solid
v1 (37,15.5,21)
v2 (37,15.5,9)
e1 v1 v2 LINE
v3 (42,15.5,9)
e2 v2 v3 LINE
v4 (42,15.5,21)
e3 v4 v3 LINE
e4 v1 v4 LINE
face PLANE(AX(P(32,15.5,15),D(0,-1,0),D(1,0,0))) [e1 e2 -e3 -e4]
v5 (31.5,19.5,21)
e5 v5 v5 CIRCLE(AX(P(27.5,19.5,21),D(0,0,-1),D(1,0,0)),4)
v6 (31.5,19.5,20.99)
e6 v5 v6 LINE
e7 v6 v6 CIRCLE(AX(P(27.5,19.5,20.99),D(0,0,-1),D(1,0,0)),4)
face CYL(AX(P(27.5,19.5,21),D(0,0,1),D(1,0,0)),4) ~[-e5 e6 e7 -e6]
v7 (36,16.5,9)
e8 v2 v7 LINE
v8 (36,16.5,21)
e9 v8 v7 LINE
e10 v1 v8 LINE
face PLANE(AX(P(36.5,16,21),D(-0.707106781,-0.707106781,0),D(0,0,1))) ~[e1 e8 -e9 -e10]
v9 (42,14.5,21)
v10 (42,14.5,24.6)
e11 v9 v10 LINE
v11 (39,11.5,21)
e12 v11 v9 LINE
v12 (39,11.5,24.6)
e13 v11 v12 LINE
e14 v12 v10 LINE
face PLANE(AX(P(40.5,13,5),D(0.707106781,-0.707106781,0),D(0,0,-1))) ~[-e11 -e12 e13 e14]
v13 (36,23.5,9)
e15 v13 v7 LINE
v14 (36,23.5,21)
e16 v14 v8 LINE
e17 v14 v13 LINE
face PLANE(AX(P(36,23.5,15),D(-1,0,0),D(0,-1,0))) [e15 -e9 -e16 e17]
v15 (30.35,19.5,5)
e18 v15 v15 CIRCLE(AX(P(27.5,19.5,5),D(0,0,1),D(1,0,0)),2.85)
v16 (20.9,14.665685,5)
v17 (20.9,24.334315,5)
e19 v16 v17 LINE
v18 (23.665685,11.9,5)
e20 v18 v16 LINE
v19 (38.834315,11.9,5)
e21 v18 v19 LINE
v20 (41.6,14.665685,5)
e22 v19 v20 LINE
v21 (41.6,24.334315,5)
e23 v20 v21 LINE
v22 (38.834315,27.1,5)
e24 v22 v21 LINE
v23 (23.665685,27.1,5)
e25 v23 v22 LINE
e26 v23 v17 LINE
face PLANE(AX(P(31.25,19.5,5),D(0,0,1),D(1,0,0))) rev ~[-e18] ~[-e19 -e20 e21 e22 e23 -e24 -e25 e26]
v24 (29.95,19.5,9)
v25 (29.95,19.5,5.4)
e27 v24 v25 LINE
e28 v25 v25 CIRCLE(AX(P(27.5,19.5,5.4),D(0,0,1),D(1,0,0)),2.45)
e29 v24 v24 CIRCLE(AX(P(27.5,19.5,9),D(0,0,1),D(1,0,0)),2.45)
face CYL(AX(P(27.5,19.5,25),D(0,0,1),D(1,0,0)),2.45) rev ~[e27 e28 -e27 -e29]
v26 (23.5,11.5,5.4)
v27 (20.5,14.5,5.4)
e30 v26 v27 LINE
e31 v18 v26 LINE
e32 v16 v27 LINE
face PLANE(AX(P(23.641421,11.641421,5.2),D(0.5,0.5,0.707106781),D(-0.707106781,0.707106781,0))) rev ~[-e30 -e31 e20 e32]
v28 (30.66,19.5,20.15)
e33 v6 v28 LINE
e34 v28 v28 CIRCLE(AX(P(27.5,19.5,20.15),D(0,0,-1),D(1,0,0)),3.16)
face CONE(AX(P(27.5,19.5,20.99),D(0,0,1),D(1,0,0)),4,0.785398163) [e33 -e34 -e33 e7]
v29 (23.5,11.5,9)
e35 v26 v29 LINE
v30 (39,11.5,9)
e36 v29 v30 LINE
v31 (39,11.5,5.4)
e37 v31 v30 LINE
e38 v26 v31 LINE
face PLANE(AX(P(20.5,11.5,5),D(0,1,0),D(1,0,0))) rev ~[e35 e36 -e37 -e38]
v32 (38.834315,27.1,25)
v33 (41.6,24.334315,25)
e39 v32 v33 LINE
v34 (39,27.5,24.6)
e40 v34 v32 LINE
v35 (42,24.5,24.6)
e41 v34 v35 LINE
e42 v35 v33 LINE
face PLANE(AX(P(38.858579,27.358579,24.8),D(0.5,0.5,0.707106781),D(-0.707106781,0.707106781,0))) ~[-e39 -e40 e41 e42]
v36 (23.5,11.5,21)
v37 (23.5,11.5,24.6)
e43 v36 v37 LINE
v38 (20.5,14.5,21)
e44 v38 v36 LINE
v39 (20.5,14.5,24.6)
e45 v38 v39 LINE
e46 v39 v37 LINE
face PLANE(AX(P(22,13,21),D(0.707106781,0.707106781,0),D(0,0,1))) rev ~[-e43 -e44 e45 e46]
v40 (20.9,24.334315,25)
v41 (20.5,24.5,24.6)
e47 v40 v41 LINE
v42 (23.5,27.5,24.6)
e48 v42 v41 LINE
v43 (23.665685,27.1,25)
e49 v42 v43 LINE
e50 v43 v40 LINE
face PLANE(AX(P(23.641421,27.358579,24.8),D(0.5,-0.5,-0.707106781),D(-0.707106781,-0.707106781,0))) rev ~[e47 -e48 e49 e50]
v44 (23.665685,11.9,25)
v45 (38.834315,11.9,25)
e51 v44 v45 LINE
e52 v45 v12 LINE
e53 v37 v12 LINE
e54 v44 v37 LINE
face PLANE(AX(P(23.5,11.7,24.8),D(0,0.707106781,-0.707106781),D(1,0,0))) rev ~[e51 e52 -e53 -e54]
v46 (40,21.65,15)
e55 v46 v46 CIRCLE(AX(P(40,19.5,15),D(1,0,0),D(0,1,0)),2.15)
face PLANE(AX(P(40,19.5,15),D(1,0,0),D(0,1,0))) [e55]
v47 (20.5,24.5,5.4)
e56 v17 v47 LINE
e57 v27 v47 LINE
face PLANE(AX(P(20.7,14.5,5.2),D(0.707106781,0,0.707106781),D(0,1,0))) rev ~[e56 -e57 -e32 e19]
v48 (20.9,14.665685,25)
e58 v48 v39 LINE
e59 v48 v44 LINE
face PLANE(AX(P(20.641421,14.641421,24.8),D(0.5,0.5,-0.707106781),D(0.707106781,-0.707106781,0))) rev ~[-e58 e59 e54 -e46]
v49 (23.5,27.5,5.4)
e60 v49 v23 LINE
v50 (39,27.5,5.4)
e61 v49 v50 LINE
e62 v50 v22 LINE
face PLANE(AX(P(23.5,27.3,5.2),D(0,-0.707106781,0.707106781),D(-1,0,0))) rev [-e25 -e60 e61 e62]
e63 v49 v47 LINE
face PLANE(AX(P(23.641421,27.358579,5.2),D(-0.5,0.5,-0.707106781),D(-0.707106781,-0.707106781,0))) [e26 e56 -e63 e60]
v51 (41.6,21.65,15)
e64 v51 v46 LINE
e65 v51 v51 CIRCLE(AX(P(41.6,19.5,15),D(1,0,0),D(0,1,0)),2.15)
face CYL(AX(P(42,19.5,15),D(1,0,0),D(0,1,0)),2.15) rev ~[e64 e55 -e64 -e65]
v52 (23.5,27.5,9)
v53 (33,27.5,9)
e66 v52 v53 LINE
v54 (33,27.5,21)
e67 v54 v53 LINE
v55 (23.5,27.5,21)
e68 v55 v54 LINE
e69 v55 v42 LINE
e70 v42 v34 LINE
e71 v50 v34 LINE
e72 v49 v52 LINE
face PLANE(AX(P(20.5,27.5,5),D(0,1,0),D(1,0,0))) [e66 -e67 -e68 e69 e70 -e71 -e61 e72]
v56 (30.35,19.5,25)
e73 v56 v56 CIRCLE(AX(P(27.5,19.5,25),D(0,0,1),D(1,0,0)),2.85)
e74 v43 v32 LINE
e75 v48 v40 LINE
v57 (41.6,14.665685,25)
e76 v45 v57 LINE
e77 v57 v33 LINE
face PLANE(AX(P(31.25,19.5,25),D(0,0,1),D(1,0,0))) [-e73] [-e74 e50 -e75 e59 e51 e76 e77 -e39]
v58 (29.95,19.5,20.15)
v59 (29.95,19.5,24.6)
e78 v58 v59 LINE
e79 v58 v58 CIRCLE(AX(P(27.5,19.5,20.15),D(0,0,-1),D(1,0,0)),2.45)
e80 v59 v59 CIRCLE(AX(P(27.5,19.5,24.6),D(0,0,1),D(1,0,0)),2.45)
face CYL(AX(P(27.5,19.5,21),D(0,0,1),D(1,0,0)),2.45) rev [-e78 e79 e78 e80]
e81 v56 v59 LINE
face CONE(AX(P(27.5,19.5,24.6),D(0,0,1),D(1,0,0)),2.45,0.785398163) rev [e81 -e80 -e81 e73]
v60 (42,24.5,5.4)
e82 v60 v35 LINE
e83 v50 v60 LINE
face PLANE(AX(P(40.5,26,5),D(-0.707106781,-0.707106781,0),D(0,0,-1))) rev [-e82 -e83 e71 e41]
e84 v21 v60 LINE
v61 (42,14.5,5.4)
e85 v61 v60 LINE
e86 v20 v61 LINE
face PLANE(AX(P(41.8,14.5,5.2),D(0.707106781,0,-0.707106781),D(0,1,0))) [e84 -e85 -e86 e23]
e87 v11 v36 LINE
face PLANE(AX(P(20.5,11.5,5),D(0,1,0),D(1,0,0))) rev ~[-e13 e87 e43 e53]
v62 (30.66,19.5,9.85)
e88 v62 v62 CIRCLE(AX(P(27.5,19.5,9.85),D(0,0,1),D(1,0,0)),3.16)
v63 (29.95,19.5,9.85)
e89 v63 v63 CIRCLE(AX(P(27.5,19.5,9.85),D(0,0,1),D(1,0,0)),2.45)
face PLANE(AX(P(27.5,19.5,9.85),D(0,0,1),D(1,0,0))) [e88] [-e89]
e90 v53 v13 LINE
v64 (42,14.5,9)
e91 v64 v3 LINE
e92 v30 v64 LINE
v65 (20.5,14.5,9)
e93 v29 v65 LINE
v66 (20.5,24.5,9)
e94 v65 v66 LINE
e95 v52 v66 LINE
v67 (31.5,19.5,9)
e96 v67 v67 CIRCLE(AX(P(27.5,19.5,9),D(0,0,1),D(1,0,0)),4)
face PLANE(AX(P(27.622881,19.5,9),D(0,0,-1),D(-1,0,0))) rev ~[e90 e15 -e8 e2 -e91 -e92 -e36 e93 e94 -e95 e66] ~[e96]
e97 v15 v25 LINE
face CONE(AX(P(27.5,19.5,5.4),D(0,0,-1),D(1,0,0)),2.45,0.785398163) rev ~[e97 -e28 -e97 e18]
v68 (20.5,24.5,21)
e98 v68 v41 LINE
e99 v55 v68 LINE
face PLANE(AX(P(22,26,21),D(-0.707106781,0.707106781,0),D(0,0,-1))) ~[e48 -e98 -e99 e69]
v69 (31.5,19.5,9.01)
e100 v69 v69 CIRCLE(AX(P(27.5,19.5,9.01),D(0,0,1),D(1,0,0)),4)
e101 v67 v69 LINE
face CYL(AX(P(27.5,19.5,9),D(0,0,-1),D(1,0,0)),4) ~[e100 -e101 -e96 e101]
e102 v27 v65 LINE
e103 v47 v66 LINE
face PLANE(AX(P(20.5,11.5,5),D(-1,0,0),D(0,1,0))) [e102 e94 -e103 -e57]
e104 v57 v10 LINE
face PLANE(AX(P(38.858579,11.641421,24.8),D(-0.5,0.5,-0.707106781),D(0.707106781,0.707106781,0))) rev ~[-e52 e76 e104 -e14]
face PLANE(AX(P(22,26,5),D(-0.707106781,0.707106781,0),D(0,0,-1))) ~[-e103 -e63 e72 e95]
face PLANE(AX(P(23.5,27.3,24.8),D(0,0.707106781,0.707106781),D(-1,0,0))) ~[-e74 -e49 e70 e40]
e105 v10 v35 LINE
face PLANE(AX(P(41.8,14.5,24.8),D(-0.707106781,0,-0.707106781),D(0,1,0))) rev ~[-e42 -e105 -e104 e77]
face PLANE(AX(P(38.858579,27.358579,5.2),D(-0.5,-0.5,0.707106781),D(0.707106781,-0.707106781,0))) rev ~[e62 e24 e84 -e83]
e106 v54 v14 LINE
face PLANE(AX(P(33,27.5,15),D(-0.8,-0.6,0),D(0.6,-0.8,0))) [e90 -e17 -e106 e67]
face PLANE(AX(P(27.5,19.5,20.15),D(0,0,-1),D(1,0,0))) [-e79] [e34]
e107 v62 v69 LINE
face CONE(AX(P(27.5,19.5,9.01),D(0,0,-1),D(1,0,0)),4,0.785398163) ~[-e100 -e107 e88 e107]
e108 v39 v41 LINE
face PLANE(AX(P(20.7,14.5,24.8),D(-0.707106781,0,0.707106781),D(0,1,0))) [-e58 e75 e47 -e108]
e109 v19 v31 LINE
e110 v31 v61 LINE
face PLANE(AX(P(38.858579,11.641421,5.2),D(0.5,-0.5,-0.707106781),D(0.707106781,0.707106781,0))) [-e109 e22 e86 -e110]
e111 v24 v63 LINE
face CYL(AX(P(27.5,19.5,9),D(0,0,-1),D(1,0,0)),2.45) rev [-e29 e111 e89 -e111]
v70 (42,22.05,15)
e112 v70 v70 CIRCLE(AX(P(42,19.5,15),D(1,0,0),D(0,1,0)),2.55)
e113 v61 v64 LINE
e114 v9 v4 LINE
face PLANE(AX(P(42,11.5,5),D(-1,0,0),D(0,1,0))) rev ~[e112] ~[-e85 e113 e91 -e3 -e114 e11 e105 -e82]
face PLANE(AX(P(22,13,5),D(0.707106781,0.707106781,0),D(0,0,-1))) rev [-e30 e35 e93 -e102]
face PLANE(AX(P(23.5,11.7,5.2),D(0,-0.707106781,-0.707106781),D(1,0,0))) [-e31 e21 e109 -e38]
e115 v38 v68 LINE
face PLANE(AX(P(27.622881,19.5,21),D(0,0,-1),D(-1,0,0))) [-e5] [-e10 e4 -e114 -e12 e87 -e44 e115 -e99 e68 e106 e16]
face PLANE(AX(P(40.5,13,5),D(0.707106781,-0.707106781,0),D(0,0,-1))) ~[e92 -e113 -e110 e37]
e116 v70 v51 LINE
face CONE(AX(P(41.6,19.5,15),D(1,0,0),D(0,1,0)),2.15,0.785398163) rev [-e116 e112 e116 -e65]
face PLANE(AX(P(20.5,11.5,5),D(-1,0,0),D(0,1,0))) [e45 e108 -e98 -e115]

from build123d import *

# Parameters (mm, degrees)
SKETCH001_W     = 21.5
SKETCH001_H     = 16
PAD_DEPTH       = 20
POCKET_DEPTH    = 6
SKETCH003_R     = 2.45
POCKET001_DEPTH = 20.001
SKETCH004_R     = 4
SKETCH004_R_2   = 2.45
PAD001_DEPTH    = 0.85
SKETCH005_R     = 4
SKETCH005_R_2   = 2.45
PAD002_DEPTH    = 0.85
CHAMFER_SIZE    = 0.84
CHAMFER001_SIZE = 3
CHAMFER002_SIZE = 3
CHAMFER003_SIZE = 0.4
SKETCH010_W     = 10
SKETCH010_H     = 4
POCKET004_DEPTH = 6
SKETCH021_R     = 2.15
POCKET012_DEPTH = 2
CHAMFER010_SIZE = 0.4
CHAMFER011_SIZE = 1


with BuildPart() as part:
    # Sketch001 → Pad (new body)
    with BuildSketch(Plane.XY):
        with Locations((3.75, 0)):
            Rectangle(SKETCH001_W, SKETCH001_H)
    extrude(amount=PAD_DEPTH)

    # Sketch002 (on DatumPlane) → Pocket (cut, symmetric)
    with BuildSketch(Plane.XY.offset(10)):
        Polygon((-7, 8), (5.5, 8), (8.5, 4), (8.5, -4), (5.5, -8), (-7, -8), align=None)
    extrude(amount=POCKET_DEPTH, both=True, mode=Mode.SUBTRACT)

    # Sketch003 (on Face4 of Pocket) → Pocket001 (cut, through all)
    with BuildSketch(Plane.XY.offset(20)):
        Circle(SKETCH003_R)
    extrude(amount=-POCKET001_DEPTH, mode=Mode.SUBTRACT)

    # Sketch004 (on Face8 of Pocket001) → Pad001 (join)
    with BuildSketch(Plane.XY.offset(4)):
        Circle(SKETCH004_R)
        Circle(SKETCH004_R_2, mode=Mode.SUBTRACT)
    extrude(amount=PAD001_DEPTH)

    # Sketch005 (on Face6 of Pad001) → Pad002 (join)
    with BuildSketch(Plane(origin=(0, 0, 16), x_dir=(1, 0, 0), z_dir=(0, 0, -1))):
        Circle(SKETCH005_R)
        Circle(SKETCH005_R_2, mode=Mode.SUBTRACT)
    extrude(amount=PAD002_DEPTH)

    # Chamfer
    chamfer_edges = [part.edges().sort_by_distance(p)[0] for p in [
        (-4, 0, 4.85),
        (-4, 0, 15.15),
    ]]
    chamfer(chamfer_edges, length=CHAMFER_SIZE)

    # Chamfer001
    chamfer001_edges = [part.edges().sort_by_distance(p)[0] for p in [
        (-7, 8, 2),
        (-7, -8, 2),
        (-7, 8, 18),
        (-7, -8, 18),
    ]]
    chamfer(chamfer001_edges, length=CHAMFER001_SIZE)

    # Chamfer002
    chamfer002_edges = [part.edges().sort_by_distance(p)[0] for p in [
        (14.5, -8, 10),
        (14.5, 8, 10),
    ]]
    chamfer(chamfer002_edges, length=CHAMFER002_SIZE)

    # Chamfer003
    chamfer003_edges = [part.edges().sort_by_distance(p)[0] for p in [
        (3.75, 8, 20),
        (13, 6.5, 20),
        (-5.5, 6.5, 20),
        (14.5, 0, 20),
        (-7, 0, 20),
        (13, -6.5, 20),
        (-5.5, -6.5, 20),
        (3.75, -8, 20),
        (-2.45, 0, 20),
        (3.75, 8, 0),
        (13, 6.5, 0),
        (-5.5, 6.5, 0),
        (14.5, 0, 0),
        (-7, 0, 0),
        (13, -6.5, 0),
        (-5.5, -6.5, 0),
        (3.75, -8, 0),
        (-2.45, 0, 0),
    ]]
    chamfer(chamfer003_edges, length=CHAMFER003_SIZE)

    # Sketch010 (on DatumPlane) → Pocket004 (cut, symmetric)
    with BuildSketch(Plane.XY.offset(10)):
        with Locations((9.5, -6)):
            Rectangle(SKETCH010_W, SKETCH010_H)
    extrude(amount=POCKET004_DEPTH, both=True, mode=Mode.SUBTRACT)

    # Sketch021 (on Face10 of Pocket004) → Pocket012 (cut)
    with BuildSketch(Plane.YZ.offset(14.5)):
        with Locations((0, 10)):
            Circle(SKETCH021_R)
    extrude(amount=-POCKET012_DEPTH, mode=Mode.SUBTRACT)

    # Chamfer010
    chamfer010_edges = [part.edges().sort_by_distance(p)[0] for p in [
        (14.5, -2.15, 10),
    ]]
    chamfer(chamfer010_edges, length=CHAMFER010_SIZE)

    # Chamfer011
    chamfer011_edges = [part.edges().sort_by_distance(p)[0] for p in [
        (8.5, -4, 10),
    ]]
    chamfer(chamfer011_edges, length=CHAMFER011_SIZE)


with BuildPart() as part_1:
    # Body001 placement: moved
    add(part.part.moved(Location((27.5, 19.5, 5))))


solid = part_1.part
